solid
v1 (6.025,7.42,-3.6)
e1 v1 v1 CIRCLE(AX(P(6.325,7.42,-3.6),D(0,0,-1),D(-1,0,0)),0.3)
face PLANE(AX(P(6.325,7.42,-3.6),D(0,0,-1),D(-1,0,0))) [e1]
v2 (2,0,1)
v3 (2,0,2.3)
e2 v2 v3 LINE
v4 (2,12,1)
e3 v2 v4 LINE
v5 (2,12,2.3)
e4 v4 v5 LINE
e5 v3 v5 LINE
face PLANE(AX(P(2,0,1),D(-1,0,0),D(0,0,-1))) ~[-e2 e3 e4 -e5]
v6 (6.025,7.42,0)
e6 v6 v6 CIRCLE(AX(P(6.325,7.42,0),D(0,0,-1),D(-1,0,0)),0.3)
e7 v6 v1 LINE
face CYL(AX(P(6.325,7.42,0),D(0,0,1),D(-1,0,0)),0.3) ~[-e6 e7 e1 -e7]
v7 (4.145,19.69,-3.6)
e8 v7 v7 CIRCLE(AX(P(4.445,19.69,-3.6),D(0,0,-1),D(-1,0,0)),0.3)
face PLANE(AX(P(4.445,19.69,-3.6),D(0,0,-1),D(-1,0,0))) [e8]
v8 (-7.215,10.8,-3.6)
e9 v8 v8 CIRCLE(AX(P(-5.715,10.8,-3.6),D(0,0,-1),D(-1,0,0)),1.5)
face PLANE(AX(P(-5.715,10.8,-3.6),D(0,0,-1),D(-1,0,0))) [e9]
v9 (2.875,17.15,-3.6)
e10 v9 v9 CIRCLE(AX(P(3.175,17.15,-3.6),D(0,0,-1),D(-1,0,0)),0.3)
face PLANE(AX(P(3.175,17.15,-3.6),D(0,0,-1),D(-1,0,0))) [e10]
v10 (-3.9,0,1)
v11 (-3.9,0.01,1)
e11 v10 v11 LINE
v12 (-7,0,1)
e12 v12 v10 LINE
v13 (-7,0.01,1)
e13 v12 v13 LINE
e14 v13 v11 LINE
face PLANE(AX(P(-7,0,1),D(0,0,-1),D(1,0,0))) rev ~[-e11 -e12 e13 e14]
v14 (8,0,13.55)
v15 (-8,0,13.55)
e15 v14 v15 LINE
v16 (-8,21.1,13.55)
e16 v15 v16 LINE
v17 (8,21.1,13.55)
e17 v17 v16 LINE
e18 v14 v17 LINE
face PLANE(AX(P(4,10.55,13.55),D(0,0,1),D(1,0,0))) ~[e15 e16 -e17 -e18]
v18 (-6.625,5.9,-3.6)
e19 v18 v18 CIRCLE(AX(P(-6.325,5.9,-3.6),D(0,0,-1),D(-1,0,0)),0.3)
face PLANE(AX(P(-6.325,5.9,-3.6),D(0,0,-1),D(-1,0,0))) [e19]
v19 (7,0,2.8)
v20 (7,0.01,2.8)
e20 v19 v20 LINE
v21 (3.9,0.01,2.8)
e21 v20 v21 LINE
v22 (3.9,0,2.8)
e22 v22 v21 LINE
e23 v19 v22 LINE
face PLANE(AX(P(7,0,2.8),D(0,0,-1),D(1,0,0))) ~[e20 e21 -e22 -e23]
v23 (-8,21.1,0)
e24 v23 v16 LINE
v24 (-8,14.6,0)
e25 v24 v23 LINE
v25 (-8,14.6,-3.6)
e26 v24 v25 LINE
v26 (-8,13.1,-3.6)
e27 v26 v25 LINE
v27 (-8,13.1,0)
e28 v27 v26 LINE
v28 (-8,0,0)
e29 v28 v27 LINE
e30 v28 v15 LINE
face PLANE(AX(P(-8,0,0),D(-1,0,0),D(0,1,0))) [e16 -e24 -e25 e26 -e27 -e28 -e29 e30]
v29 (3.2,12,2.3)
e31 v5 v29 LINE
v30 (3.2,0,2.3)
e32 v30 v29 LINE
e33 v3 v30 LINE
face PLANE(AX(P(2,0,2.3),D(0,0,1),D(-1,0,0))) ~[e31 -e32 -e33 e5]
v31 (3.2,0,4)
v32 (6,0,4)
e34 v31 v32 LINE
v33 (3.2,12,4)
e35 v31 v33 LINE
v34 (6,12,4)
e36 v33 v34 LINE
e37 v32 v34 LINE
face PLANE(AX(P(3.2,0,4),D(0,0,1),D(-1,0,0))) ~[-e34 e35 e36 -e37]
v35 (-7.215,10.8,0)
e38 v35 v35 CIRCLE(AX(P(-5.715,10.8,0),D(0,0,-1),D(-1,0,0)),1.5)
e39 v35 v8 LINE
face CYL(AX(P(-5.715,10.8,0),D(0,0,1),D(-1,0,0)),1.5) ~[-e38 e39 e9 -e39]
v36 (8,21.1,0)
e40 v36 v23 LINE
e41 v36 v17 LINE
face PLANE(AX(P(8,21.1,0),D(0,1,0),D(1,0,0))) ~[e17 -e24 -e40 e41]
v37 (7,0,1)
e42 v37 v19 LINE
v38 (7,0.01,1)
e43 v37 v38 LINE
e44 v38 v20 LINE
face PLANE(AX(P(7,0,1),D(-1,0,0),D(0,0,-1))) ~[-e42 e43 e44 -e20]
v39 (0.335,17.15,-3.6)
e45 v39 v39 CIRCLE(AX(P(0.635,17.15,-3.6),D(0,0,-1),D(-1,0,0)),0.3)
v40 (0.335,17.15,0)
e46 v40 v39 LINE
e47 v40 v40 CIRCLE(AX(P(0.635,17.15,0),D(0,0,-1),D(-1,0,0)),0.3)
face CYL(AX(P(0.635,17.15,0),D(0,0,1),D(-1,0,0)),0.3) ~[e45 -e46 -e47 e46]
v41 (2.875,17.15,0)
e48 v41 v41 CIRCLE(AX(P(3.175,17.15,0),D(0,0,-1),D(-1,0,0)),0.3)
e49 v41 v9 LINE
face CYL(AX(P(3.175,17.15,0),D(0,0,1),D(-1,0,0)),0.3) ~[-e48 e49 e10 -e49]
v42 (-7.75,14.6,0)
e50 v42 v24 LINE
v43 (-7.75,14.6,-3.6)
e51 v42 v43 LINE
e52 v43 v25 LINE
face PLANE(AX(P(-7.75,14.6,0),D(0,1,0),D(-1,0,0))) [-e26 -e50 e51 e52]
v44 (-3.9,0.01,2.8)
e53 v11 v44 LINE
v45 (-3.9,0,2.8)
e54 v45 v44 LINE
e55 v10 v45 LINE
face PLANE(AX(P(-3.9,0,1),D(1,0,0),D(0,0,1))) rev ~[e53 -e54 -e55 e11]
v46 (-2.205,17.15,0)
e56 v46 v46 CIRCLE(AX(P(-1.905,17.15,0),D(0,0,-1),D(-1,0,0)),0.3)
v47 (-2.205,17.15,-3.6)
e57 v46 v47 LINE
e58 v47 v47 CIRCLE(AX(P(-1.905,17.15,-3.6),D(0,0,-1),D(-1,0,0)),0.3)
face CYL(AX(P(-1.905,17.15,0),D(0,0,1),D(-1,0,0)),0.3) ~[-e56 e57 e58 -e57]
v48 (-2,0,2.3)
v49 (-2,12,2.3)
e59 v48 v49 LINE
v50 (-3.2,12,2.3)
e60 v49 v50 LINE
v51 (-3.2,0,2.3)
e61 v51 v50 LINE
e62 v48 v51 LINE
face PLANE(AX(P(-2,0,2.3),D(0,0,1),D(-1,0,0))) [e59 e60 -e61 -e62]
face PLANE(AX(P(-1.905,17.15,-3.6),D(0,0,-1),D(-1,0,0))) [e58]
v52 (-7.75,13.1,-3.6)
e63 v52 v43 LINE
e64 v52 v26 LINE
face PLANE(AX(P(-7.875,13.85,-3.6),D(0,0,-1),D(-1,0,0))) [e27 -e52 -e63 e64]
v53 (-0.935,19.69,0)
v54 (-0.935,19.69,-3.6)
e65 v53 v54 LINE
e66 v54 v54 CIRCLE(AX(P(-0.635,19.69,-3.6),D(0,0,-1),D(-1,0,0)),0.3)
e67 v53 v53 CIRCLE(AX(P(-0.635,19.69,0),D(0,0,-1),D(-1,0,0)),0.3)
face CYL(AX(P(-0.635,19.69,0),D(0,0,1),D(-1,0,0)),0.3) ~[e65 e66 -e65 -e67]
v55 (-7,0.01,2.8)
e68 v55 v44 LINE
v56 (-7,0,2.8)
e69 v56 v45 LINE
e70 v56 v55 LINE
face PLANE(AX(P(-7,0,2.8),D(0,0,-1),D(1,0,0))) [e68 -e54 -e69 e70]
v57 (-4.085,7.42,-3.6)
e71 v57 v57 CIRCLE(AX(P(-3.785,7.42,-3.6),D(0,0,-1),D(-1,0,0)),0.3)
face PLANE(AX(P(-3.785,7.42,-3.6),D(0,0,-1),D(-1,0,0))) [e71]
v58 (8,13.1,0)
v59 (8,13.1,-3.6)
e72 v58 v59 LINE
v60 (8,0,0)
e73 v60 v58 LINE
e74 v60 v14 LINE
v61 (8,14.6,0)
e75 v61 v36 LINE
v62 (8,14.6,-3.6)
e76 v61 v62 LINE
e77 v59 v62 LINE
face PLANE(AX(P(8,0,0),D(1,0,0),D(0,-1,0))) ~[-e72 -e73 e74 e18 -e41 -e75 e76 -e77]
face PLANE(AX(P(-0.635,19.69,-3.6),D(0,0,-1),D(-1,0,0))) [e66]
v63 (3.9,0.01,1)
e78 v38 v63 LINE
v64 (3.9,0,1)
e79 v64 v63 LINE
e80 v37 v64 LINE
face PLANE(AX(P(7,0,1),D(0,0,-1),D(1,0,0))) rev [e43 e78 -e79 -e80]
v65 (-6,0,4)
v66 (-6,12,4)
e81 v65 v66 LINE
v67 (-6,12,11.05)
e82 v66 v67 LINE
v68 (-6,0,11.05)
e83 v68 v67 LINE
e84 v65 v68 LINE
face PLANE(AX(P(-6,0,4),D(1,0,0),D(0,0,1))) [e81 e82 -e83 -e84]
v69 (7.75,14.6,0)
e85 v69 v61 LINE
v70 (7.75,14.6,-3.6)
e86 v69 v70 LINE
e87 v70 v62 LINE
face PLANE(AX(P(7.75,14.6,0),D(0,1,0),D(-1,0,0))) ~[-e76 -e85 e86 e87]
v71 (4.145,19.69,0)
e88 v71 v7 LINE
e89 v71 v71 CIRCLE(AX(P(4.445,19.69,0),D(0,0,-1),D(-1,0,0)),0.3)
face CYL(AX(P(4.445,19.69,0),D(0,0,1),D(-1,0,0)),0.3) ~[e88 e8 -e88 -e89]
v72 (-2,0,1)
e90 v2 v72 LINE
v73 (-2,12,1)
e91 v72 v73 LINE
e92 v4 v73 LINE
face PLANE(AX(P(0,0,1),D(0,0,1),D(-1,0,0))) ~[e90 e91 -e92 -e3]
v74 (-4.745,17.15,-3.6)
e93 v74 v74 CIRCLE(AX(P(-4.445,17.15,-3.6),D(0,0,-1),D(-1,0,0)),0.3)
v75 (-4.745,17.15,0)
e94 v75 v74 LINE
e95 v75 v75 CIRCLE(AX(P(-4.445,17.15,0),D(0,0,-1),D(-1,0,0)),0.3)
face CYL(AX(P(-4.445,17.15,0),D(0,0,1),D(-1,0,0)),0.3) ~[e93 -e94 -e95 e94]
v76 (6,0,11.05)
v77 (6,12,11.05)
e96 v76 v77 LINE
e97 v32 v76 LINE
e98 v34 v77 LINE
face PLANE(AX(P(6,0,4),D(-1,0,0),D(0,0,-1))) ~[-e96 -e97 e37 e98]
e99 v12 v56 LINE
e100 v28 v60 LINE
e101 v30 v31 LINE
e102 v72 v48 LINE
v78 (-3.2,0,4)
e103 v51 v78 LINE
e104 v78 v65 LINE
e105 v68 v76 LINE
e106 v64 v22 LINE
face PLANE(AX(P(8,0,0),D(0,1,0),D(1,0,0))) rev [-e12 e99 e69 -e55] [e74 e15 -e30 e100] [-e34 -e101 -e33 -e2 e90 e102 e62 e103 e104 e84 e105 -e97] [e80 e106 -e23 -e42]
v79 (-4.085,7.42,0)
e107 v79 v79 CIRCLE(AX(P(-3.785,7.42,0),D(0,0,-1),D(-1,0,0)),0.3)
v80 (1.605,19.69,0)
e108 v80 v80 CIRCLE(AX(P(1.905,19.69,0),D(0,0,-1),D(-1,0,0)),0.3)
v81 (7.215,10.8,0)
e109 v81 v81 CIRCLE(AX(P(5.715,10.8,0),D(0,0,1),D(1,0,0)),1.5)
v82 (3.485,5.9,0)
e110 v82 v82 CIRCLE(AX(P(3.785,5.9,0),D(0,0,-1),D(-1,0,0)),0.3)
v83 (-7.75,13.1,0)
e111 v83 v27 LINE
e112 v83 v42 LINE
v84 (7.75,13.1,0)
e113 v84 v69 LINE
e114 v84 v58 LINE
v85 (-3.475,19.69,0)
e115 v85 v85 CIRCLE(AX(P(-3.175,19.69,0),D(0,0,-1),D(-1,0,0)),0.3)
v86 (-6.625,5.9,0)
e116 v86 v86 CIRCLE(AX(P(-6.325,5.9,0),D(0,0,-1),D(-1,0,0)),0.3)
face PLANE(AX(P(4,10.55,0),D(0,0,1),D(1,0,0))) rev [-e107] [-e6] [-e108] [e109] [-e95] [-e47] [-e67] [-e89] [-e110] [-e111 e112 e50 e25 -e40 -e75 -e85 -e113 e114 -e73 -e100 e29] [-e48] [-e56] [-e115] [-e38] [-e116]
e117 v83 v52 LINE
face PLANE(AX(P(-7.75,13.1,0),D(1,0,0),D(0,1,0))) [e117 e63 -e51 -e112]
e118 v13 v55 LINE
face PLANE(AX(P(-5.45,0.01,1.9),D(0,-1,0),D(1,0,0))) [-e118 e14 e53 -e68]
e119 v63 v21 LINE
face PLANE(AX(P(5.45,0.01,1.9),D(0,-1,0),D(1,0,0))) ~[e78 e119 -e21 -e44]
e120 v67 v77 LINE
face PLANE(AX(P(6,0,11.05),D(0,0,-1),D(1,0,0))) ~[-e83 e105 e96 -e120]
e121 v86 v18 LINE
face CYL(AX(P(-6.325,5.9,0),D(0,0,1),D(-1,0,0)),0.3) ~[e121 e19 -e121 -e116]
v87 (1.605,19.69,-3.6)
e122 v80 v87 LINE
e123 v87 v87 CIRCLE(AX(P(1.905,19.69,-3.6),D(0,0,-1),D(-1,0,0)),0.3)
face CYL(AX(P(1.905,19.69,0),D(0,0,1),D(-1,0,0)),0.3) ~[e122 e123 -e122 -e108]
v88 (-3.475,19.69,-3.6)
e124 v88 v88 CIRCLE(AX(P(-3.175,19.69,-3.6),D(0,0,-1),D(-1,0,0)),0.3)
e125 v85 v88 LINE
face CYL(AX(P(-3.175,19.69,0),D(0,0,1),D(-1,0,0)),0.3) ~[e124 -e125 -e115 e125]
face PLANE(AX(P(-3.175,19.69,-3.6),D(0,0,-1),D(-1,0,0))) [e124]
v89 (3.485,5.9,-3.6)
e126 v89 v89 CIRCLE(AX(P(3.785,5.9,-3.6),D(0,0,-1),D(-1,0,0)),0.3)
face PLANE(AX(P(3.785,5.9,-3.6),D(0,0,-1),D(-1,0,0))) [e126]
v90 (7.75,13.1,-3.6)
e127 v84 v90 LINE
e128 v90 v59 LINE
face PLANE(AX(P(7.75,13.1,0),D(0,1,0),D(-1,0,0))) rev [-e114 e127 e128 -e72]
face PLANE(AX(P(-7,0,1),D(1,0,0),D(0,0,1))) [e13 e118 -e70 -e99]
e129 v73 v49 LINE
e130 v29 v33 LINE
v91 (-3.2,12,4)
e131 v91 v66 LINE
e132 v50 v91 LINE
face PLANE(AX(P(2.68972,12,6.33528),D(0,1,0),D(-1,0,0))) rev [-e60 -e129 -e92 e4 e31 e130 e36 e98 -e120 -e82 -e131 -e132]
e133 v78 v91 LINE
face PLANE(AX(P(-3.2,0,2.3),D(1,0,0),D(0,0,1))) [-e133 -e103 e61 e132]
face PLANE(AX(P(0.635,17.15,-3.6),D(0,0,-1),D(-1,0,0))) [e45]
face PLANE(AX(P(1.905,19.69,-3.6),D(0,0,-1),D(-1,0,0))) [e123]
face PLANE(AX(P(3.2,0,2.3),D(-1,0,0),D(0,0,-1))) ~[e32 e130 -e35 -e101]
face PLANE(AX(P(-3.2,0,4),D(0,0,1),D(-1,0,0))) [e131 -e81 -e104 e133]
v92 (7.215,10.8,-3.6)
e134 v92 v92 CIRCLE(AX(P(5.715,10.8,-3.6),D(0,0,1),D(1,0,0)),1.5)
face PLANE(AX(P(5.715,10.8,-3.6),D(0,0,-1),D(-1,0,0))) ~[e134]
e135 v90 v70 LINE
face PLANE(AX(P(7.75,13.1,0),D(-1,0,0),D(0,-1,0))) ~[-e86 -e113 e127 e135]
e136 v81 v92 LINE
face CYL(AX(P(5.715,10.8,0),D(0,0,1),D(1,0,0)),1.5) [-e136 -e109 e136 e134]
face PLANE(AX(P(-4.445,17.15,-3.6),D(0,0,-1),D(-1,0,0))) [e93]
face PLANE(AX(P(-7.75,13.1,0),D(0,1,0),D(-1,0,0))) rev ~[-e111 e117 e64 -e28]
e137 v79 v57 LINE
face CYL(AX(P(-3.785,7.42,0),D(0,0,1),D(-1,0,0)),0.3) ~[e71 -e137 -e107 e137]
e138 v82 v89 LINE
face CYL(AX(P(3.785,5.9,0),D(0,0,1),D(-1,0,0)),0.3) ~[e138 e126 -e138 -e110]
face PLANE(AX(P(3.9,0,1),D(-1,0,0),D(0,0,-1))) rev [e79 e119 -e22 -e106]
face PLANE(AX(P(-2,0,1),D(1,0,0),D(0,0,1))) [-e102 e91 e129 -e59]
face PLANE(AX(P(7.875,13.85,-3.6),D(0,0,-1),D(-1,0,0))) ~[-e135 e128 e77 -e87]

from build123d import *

# Parameters (mm, degrees)
SKETCH_1_W          = 8
SKETCH_1_H          = 21.1
EXTRUDE_1_DEPTH     = 13.55
SKETCH_2_R          = 1.5
SKETCH_2_W          = 0.25
SKETCH_2_H          = 1.5
EXTRUDE_2_DEPTH     = 3.6
CUT_EXTRUDE_1_DEPTH = 12
SKETCH_4_W          = 3.1
SKETCH_4_H          = 1.8
CUT_EXTRUDE_2_DEPTH = 0.01
SKETCH_5_R          = 0.3
EXTRUDE_3_DEPTH     = 3.6


with BuildPart() as part:
    # Эскиз1 → Бобышка-Вытянуть1 (new body)
    with BuildSketch(Plane.XY):
        with Locations((-4, 10.55)):
            Rectangle(SKETCH_1_W, SKETCH_1_H)
    extrude(amount=EXTRUDE_1_DEPTH)

    # Эскиз2 → Бобышка-Вытянуть2 (add)
    with BuildSketch(Plane(origin=(0, 0, 0), x_dir=(-1, 0, 0), z_dir=(0, 0, -1))):
        with Locations((5.715, 10.8)):
            Circle(SKETCH_2_R)
        with Locations((7.875, 13.85)):
            Rectangle(SKETCH_2_W, SKETCH_2_H)
    extrude(amount=EXTRUDE_2_DEPTH)

    # Эскиз3 → Вырез-Вытянуть1 (cut)
    with BuildSketch(Plane.XZ):
        Polygon((0, 1), (-2, 1), (-2, 2.3), (-3.2, 2.3), (-3.2, 4), (-6, 4), (-6, 11.05), (0, 11.05), align=None)
    extrude(amount=-CUT_EXTRUDE_1_DEPTH, mode=Mode.SUBTRACT)

    # Эскиз4 → Вырез-Вытянуть2 (cut)
    with BuildSketch(Plane.XZ):
        with Locations((-5.45, 1.9)):
            Rectangle(SKETCH_4_W, SKETCH_4_H)
    extrude(amount=-CUT_EXTRUDE_2_DEPTH, mode=Mode.SUBTRACT)

    # Зеркальное отражение1: part across plane


with BuildPart() as part_1:
    add(part.part)
    add(part.part.mirror(Plane(origin=(0, 0, 13.55), x_dir=(0, 0, 1), z_dir=(-1, 0, 0))))

    # Эскиз5 → Бобышка-Вытянуть3 (add)
    with BuildSketch(Plane(origin=(0, 0, 0), x_dir=(-1, 0, 0), z_dir=(0, 0, -1))):
        with Locations((-6.325, 7.42)):
            Circle(SKETCH_5_R)
        with Locations((-3.785, 5.9)):
            Circle(SKETCH_5_R)
        with Locations((3.785, 7.42)):
            Circle(SKETCH_5_R)
        with Locations((6.325, 5.9)):
            Circle(SKETCH_5_R)
        with Locations((-4.445, 19.69)):
            Circle(SKETCH_5_R)
        with Locations((-1.905, 19.69)):
            Circle(SKETCH_5_R)
        with Locations((0.635, 19.69)):
            Circle(SKETCH_5_R)
        with Locations((3.175, 19.69)):
            Circle(SKETCH_5_R)
        with Locations((-3.175, 17.15)):
            Circle(SKETCH_5_R)
        with Locations((-0.635, 17.15)):
            Circle(SKETCH_5_R)
        with Locations((1.905, 17.15)):
            Circle(SKETCH_5_R)
        with Locations((4.445, 17.15)):
            Circle(SKETCH_5_R)
    extrude(amount=EXTRUDE_3_DEPTH)


solid = part_1.part
